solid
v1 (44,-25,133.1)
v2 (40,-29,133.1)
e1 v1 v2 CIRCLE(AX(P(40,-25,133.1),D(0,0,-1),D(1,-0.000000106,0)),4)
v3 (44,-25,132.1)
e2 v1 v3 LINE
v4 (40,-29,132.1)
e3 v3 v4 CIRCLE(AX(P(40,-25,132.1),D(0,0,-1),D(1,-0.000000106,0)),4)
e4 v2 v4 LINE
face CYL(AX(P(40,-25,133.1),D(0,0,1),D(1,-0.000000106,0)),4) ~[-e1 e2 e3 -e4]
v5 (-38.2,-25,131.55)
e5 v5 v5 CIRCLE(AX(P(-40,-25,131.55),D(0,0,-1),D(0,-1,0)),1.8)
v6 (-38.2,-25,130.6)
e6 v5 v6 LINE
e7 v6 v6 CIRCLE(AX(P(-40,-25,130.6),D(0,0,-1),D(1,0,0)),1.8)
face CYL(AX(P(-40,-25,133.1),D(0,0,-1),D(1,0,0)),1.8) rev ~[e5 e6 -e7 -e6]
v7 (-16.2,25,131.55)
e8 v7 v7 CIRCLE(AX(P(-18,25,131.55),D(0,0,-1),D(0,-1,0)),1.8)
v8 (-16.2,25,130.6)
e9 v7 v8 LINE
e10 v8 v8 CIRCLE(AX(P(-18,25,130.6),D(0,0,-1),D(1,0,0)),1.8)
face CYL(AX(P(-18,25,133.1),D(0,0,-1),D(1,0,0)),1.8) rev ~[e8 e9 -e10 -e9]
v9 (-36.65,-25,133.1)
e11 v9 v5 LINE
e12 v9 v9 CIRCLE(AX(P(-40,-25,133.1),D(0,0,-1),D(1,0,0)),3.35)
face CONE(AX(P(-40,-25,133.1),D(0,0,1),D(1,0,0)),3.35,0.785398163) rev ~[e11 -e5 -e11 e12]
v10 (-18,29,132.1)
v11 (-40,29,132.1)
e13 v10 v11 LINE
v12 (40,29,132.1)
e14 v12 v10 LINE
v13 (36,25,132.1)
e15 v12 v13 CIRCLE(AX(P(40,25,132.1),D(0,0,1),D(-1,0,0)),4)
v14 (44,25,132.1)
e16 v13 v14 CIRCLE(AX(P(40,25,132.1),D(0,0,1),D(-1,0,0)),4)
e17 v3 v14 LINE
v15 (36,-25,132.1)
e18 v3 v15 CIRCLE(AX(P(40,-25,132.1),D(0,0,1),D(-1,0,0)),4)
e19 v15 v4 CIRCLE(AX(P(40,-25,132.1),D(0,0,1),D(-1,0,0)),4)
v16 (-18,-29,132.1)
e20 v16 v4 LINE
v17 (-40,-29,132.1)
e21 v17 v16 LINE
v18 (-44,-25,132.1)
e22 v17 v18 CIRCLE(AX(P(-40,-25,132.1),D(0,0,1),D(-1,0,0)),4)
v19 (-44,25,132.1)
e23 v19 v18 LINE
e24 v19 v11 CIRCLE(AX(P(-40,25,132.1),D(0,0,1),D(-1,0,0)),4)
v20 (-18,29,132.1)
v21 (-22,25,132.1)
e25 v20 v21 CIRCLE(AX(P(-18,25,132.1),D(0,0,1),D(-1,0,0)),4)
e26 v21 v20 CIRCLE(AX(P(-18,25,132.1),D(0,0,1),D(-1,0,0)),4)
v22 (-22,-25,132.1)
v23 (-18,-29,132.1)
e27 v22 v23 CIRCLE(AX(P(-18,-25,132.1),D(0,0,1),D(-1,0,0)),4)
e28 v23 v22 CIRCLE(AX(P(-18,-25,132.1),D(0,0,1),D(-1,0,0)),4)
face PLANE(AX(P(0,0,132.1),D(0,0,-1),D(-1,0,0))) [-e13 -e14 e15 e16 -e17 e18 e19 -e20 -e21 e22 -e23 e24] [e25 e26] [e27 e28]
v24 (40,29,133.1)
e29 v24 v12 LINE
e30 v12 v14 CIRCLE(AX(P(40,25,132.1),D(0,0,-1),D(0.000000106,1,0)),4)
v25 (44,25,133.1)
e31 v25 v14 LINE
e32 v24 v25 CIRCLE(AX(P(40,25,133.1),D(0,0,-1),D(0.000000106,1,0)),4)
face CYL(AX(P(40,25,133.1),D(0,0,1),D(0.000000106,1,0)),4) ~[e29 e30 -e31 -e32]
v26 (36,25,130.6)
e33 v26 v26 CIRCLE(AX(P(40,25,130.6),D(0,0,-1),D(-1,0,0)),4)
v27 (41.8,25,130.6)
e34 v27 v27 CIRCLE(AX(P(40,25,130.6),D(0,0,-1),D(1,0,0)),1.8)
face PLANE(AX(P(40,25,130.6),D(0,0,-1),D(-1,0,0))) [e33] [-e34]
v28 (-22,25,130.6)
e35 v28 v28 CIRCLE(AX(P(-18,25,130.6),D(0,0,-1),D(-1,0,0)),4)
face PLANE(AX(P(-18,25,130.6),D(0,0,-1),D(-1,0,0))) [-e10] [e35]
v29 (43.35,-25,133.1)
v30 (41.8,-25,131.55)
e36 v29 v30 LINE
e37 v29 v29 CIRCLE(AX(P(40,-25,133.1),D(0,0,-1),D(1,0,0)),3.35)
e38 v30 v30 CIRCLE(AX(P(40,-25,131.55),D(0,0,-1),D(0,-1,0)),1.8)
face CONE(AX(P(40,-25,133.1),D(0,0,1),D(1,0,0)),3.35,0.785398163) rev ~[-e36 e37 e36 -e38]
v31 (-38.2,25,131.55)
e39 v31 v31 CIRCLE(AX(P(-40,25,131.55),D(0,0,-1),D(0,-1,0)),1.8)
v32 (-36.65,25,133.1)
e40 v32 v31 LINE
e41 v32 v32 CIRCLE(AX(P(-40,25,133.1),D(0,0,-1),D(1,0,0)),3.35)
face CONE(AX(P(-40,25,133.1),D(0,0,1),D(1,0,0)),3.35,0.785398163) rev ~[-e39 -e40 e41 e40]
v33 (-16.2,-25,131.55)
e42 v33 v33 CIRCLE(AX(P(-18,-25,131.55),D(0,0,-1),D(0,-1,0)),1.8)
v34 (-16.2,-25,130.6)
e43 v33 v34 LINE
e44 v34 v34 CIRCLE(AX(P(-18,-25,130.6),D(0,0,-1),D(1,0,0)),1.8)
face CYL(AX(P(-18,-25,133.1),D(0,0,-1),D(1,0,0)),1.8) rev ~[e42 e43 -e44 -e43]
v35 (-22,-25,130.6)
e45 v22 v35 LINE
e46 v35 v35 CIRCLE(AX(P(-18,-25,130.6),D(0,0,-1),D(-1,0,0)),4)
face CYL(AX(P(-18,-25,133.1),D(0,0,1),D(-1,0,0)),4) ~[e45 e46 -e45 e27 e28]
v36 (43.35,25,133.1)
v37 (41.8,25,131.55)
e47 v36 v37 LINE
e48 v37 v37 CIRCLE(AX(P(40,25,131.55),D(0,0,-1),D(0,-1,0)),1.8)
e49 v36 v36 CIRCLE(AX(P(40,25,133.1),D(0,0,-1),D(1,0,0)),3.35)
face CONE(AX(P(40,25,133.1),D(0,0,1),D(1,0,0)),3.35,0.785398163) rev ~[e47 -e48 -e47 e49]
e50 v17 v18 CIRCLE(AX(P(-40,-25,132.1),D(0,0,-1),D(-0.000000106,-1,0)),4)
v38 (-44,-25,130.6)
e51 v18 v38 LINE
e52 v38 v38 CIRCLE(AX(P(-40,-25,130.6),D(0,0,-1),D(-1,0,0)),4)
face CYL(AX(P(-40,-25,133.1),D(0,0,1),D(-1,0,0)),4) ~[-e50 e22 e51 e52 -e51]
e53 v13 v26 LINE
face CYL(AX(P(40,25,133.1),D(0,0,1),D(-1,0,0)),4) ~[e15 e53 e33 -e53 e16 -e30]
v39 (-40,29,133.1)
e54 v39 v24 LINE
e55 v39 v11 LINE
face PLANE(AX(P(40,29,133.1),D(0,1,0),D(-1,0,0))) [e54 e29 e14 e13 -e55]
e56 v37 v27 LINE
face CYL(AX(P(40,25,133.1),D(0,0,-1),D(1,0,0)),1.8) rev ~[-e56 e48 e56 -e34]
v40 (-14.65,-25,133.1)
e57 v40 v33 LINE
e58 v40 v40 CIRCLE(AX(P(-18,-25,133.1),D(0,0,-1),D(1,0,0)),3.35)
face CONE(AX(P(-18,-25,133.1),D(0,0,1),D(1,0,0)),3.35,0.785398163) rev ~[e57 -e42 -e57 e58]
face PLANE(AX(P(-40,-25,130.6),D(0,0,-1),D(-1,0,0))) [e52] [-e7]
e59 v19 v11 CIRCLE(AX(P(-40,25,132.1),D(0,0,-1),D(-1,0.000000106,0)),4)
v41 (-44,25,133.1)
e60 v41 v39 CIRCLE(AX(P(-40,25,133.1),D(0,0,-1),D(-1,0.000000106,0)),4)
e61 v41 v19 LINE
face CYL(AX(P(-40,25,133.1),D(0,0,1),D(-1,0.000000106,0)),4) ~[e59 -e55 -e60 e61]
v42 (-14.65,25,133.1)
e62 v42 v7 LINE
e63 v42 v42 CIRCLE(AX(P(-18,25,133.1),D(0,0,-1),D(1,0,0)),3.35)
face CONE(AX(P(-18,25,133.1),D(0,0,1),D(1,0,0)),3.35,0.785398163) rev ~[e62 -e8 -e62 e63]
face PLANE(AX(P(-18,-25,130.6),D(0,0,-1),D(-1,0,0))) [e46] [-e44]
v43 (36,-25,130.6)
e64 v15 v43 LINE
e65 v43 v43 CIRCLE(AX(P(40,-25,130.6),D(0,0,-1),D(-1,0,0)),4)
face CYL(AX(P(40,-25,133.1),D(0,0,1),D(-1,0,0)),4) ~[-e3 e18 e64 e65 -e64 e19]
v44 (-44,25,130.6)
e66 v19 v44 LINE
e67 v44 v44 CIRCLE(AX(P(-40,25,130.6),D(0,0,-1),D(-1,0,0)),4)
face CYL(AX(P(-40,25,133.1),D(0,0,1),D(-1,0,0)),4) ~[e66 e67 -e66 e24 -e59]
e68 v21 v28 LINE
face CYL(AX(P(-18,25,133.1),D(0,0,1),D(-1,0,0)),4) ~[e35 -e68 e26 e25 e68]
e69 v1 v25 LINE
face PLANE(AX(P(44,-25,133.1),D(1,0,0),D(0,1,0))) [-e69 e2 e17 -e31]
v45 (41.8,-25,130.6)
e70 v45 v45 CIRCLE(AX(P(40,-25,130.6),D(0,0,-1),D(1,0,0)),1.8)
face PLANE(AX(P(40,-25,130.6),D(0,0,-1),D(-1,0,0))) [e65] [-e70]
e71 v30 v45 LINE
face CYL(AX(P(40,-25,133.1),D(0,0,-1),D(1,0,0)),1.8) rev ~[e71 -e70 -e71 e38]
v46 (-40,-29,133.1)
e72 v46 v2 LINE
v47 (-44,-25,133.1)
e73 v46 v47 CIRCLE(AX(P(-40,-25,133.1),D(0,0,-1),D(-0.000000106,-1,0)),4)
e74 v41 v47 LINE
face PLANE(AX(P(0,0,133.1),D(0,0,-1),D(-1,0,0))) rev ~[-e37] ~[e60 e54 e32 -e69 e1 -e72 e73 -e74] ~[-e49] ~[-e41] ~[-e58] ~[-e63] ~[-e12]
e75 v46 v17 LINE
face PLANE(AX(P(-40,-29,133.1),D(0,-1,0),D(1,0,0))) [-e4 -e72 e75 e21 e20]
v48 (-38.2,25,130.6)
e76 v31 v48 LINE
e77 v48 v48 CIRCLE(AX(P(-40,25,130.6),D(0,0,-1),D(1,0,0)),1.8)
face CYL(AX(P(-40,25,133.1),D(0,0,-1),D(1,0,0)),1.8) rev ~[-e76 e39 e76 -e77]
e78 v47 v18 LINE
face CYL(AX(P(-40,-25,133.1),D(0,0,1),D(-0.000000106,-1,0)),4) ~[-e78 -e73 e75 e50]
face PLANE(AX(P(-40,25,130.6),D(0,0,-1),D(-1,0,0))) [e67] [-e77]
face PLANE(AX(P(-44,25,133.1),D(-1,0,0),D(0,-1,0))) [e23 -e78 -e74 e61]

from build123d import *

# Parameters (mm, degrees)
PAD007_DEPTH            = 1
SKETCH014_R             = 4
PAD008_DEPTH            = 2.5
HOLE_D                  = 3.6
HOLE_DEPTH              = 25
HOLE_CSINK_D            = 6.7
HOLE_CSINK_ANGLE        = 90
BODY003_PLACEMENT_ANGLE = 180


with BuildPart() as part:
    # Sketch013 → Pad007 (new body)
    with BuildSketch(Plane.XY):
        with BuildLine():
            ThreePointArc((-40, 29), (-42.828427, 27.828427), (-44, 25))
            Line((-44, -25), (-44, 25))
            ThreePointArc((-44, -25), (-42.828427, -27.828427), (-40, -29))
            Line((40, -29), (-40, -29))
            ThreePointArc((40, -29), (42.828427, -27.828427), (44, -25))
            Line((44, 25), (44, -25))
            ThreePointArc((44, 25), (42.828427, 27.828427), (40, 29))
            Line((-40, 29), (40, 29))
        make_face()
    extrude(amount=PAD007_DEPTH)

    # Sketch014 → Pad008 (join)
    with BuildSketch(Plane.XY):
        with Locations((-40, 25)):
            Circle(SKETCH014_R)
        with Locations((18, 25)):
            Circle(SKETCH014_R)
        with Locations((40, 25)):
            Circle(SKETCH014_R)
        with Locations((40, -25)):
            Circle(SKETCH014_R)
        with Locations((18, -25)):
            Circle(SKETCH014_R)
        with Locations((-40, -25)):
            Circle(SKETCH014_R)
    extrude(amount=PAD008_DEPTH)

    # Hole
    with Locations(Plane(origin=(0, 0, 0), x_dir=(1, 0, 0), z_dir=(0, 0, -1))):
        with Locations((-40, -25), (18, -25), (40, -25), (40, 25), (18, 25), (-40, 25)):
            CounterSinkHole(HOLE_D / 2, HOLE_CSINK_D / 2, depth=HOLE_DEPTH, counter_sink_angle=HOLE_CSINK_ANGLE)


with BuildPart() as part_1:
    # Body003 placement: moved
    add(part.part.moved(Location((0, 0, 133.1))).rotate(Axis((0, 0, 133.1), (0, 1, 0)), BODY003_PLACEMENT_ANGLE))


solid = part_1.part
